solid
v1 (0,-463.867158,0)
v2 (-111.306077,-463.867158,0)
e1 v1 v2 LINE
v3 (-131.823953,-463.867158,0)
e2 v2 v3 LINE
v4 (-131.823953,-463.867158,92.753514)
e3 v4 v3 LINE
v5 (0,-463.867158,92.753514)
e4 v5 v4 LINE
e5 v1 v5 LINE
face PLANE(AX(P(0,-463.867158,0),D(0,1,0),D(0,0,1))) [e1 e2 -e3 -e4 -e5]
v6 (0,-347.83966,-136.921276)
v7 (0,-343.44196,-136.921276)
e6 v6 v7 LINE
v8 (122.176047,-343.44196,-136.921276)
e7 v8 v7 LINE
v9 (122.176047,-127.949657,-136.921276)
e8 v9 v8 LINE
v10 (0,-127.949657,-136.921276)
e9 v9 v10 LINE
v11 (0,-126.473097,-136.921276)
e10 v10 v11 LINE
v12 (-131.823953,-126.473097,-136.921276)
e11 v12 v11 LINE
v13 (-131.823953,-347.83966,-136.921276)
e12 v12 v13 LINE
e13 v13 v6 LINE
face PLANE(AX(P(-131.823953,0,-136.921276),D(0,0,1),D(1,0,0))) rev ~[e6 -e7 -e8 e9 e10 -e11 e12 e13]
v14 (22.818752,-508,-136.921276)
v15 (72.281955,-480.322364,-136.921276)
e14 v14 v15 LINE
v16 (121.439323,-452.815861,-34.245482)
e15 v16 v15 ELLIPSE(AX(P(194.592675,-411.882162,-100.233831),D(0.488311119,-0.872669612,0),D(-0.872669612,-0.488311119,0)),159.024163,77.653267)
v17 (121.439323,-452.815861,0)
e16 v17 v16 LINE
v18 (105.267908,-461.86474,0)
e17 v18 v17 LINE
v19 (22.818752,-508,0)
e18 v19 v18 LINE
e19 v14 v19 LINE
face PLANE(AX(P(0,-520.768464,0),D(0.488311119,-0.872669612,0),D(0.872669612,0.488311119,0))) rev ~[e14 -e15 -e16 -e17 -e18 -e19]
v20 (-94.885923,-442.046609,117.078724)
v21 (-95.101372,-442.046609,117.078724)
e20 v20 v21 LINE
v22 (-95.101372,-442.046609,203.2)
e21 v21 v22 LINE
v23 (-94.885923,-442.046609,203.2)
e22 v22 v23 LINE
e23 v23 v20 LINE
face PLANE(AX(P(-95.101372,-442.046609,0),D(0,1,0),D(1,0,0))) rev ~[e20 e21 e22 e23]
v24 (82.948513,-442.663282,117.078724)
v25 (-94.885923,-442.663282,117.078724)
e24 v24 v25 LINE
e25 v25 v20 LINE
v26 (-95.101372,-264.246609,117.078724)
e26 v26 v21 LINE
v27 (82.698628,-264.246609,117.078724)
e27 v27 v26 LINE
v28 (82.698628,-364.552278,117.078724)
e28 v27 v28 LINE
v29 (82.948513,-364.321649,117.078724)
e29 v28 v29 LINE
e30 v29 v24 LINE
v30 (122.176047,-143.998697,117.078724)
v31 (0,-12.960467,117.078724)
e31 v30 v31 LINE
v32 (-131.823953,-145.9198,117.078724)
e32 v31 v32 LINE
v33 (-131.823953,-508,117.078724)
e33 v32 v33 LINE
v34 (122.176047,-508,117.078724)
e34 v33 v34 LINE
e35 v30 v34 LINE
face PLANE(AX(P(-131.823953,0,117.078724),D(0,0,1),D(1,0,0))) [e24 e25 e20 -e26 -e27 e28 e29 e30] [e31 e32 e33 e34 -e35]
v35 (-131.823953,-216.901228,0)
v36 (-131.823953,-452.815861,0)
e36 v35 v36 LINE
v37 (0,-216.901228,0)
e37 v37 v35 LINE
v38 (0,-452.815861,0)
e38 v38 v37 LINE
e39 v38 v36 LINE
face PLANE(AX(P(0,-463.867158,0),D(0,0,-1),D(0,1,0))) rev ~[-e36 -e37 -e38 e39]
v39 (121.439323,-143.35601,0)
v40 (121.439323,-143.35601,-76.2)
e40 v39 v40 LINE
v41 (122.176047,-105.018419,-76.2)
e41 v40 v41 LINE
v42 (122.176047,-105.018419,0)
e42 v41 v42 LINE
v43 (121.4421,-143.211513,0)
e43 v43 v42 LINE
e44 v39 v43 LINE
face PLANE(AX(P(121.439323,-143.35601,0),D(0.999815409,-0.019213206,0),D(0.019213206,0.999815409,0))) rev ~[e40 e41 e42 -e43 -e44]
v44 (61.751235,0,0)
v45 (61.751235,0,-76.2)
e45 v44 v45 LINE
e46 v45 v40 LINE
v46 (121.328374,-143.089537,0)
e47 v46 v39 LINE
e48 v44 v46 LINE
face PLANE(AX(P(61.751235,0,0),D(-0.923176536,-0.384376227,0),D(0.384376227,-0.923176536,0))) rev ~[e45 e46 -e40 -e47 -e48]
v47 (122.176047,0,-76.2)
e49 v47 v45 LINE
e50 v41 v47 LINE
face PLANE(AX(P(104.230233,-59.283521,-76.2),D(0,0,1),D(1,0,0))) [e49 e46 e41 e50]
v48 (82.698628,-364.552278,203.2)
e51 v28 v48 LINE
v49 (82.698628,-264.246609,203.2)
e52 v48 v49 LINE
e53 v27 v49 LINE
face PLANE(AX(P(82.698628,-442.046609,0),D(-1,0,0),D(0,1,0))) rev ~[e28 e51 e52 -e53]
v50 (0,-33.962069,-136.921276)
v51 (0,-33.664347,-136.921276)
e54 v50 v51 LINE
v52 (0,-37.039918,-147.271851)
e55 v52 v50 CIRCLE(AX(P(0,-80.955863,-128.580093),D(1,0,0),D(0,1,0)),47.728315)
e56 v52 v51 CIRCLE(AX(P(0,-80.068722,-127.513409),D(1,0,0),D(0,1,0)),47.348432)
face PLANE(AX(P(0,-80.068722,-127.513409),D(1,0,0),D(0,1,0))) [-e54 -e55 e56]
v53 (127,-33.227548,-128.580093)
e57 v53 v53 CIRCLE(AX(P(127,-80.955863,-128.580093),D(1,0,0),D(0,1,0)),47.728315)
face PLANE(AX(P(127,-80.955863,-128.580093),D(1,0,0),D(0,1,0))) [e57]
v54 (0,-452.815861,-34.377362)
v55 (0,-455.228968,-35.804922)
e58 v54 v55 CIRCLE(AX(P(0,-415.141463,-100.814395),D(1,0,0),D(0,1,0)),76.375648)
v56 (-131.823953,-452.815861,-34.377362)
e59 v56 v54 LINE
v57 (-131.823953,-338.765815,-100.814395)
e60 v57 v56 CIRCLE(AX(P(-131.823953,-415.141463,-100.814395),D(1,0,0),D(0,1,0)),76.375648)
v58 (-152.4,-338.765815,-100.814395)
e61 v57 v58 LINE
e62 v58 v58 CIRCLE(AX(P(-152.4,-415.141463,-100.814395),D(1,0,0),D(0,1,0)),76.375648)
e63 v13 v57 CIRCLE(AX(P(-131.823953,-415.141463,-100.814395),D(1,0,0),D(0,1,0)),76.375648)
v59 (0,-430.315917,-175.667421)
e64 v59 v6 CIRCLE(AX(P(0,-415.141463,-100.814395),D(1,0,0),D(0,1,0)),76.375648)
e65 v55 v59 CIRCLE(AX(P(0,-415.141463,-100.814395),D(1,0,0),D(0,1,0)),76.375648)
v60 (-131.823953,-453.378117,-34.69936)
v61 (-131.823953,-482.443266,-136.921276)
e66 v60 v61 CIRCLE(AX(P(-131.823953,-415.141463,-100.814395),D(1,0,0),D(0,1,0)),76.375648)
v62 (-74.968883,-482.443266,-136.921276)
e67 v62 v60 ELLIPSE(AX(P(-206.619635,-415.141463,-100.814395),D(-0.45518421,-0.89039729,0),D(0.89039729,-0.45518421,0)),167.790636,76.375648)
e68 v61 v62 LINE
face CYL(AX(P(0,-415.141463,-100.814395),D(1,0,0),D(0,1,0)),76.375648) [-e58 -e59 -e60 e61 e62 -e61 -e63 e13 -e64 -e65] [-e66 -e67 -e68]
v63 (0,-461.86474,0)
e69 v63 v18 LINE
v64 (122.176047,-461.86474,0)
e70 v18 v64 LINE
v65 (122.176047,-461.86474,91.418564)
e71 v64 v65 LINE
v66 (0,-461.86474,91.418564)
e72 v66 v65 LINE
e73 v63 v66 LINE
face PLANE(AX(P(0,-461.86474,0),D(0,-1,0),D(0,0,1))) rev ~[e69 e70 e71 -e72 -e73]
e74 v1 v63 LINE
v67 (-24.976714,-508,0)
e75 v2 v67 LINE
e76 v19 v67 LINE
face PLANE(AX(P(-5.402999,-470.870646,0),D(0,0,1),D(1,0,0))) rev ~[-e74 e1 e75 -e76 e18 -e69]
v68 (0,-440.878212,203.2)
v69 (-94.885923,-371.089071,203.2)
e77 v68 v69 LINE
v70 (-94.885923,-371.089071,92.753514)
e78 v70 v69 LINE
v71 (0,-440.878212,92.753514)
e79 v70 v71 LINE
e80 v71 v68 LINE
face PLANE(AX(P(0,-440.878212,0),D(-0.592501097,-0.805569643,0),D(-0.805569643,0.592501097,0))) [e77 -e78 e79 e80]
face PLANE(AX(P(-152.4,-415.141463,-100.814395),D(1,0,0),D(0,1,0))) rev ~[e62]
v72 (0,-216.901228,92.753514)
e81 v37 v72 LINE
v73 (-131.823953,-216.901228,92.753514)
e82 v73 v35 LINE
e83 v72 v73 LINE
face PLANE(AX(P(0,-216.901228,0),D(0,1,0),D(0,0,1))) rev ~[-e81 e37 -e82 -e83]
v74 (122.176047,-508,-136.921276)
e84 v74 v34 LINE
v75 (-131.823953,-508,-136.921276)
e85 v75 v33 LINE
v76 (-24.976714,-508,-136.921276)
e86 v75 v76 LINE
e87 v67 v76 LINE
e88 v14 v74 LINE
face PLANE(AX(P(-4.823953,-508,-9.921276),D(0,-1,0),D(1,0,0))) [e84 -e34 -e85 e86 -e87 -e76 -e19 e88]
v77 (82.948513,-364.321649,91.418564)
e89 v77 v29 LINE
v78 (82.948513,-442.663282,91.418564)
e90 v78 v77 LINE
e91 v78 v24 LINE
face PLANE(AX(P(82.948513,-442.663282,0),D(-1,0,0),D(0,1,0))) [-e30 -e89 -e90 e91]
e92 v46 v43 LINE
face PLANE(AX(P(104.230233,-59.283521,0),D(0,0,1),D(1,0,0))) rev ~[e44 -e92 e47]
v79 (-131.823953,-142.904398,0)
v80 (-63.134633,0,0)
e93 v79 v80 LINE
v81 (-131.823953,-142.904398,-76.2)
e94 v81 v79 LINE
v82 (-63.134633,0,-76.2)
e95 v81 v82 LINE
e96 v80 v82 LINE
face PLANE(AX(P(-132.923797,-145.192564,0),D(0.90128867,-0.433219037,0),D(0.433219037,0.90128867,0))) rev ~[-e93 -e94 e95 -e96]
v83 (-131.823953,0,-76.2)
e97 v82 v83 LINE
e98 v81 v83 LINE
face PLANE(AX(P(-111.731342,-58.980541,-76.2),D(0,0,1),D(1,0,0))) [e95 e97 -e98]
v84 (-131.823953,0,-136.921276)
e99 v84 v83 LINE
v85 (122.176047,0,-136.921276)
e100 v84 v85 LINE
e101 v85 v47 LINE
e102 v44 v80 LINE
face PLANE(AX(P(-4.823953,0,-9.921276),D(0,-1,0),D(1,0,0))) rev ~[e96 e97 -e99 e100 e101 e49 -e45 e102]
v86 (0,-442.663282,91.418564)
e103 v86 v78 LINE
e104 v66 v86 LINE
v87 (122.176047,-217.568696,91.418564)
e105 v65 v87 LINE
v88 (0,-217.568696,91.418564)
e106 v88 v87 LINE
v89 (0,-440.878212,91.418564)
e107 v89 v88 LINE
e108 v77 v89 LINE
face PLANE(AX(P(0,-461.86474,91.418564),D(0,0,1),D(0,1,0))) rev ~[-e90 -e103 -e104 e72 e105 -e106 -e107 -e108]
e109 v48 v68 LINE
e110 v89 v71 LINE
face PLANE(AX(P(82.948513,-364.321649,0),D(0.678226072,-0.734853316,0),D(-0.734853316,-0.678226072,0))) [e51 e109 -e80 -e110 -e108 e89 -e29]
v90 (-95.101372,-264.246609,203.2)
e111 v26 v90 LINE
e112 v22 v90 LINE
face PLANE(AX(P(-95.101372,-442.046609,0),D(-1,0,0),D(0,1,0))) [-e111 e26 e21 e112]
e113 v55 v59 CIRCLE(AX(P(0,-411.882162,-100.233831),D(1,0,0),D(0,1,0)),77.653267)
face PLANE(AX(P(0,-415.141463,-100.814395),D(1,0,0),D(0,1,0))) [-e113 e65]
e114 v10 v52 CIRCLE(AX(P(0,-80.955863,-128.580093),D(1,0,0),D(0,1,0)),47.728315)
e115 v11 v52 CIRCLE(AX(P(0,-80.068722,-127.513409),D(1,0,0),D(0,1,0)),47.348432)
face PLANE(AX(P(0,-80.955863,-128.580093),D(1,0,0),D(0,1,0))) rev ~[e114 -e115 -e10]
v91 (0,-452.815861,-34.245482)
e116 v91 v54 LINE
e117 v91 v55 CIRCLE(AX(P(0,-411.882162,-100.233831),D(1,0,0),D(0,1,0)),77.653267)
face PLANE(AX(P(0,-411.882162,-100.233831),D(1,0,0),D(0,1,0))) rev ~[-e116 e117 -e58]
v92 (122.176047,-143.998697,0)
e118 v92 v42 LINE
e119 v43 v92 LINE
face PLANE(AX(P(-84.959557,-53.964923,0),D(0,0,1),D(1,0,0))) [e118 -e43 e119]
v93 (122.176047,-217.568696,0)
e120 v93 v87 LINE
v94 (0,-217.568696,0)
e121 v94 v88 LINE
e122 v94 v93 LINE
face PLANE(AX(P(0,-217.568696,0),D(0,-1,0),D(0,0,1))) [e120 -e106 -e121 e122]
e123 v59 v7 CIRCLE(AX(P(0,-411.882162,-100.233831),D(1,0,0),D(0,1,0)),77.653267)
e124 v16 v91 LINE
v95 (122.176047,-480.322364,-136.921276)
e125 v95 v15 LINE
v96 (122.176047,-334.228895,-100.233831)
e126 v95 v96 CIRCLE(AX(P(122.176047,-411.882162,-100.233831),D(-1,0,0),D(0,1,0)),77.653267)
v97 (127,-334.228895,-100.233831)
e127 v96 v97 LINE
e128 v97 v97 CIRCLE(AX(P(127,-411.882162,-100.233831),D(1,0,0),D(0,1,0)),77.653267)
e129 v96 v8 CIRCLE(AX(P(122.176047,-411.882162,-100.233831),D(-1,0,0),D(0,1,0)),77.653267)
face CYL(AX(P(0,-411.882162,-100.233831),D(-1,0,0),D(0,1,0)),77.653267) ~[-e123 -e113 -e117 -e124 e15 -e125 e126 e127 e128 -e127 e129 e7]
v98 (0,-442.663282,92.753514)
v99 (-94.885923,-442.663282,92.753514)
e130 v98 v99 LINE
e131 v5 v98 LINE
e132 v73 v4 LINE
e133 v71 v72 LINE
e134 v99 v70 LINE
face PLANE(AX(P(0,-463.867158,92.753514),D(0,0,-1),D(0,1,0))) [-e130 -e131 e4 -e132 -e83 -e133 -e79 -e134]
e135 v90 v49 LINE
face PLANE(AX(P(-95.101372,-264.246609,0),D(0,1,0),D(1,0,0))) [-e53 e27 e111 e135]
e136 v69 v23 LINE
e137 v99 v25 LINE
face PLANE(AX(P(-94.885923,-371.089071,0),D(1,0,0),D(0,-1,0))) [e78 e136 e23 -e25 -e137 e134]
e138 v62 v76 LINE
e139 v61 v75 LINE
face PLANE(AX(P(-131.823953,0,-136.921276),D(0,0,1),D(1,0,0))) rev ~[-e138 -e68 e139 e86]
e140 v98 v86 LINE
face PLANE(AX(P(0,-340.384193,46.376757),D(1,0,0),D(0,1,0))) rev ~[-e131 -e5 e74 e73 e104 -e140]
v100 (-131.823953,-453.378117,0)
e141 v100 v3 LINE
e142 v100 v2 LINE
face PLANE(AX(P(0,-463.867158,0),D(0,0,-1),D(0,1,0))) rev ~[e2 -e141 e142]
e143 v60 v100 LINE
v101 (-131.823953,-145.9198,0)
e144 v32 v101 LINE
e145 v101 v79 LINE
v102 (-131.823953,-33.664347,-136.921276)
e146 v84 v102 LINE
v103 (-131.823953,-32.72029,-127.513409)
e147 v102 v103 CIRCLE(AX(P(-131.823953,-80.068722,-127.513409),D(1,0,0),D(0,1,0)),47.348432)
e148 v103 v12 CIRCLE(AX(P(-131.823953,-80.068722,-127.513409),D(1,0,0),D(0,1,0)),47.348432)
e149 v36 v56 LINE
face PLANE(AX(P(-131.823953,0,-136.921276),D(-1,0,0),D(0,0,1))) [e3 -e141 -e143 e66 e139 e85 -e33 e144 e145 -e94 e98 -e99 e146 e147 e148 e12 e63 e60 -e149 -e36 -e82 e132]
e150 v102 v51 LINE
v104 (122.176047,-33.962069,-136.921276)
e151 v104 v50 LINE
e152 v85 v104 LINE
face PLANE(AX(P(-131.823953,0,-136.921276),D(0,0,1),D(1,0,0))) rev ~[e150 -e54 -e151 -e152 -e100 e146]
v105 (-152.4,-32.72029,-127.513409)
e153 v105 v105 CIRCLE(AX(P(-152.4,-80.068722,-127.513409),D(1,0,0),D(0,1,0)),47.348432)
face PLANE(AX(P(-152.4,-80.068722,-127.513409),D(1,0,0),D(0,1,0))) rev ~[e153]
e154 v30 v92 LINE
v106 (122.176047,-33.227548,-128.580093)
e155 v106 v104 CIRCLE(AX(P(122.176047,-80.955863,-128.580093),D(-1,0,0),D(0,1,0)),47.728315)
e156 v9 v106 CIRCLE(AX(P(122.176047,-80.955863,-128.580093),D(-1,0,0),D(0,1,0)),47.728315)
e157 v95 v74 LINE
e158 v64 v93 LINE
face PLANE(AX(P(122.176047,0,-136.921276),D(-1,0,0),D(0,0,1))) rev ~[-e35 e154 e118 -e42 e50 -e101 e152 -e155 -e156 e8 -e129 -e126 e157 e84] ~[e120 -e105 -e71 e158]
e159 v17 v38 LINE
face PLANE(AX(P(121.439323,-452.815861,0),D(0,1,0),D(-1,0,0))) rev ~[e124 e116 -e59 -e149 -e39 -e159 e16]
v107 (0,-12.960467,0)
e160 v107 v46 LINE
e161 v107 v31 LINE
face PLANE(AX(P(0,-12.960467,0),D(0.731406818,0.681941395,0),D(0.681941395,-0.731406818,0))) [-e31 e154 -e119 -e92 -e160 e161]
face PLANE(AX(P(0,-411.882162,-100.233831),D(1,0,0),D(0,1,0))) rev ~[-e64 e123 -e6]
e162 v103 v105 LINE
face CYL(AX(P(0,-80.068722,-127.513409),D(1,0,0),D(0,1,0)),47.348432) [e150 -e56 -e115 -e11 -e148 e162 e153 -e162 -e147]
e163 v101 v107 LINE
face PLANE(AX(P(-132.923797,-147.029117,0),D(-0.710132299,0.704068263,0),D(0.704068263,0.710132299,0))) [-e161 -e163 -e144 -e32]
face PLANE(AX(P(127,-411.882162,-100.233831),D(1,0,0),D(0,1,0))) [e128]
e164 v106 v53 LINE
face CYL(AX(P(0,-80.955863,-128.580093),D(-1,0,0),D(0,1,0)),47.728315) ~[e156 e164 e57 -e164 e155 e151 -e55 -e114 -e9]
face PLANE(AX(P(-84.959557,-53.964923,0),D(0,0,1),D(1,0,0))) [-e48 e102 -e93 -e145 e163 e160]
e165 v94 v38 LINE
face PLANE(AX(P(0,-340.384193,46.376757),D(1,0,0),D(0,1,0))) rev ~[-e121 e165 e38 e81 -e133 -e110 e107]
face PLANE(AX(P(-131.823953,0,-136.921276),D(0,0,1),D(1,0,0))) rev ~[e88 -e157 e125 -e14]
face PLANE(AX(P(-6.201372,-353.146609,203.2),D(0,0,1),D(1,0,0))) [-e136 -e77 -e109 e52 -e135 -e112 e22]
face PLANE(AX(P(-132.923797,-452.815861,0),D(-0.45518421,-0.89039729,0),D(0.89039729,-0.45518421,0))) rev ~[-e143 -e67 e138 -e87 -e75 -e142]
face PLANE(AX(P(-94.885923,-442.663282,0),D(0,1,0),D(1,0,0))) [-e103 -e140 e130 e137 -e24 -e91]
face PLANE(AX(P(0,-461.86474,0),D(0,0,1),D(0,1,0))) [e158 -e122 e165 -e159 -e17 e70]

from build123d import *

# Parameters (mm, degrees)
F0_W      = 254
F0_H      = 254
F1_DEPTH  = 508
F2_W      = 177.8
F2_H      = 177.8
F3_DEPTH  = 203.2
F5_DEPTH  = 127
F7_DEPTH  = 76.2
F9_DEPTH  = 254
F10_R     = 77.653267
F10_R_2   = 47.728315
F11_DEPTH = 127
F12_R     = 76.375648
F12_R_2   = 47.348432
F13_DEPTH = 152.4
F15_DEPTH = 203.2
F16_W     = 246.96593
F16_H     = 92.753515
F17_DEPTH = 152.4
F18_W     = 244.296044
F18_H     = 91.418564
F19_DEPTH = 152.4


with BuildPart() as f1:
    # F0 (on Front) → F1 (new body)
    with BuildSketch(Plane.XZ):
        with Locations((-4.823953, -9.921276)):
            Rectangle(F0_W, F0_H)
    extrude(amount=F1_DEPTH)

    # F2 (on Top) → F3 (join)
    with BuildSketch(Plane.XY):
        with Locations((-6.201372, -353.146609)):
            Rectangle(F2_W, F2_H)
    extrude(amount=F3_DEPTH)

    # F4 (on Top) → F5 (cut)
    with BuildSketch(Plane.XY):
        Polygon((-132.923797, -147.029117), (0, -12.960467), (0, 0), (-132.923797, 0), align=None)
        Polygon((0, 0), (0, -12.960467), (123.286948, -145.190179), (123.275883, 0), align=None)
    extrude(amount=F5_DEPTH, mode=Mode.SUBTRACT)

    # F6 (on Top) → F7 (cut)
    with BuildSketch(Plane.XY):
        Polygon((-132.923797, -145.192564), (-63.134633, 0), (-133.842081, 0), align=None)
        Polygon((61.751235, 0), (121.439323, -143.35601), (124.19416, 0), align=None)
    extrude(amount=-F7_DEPTH, mode=Mode.SUBTRACT)

    # F8 (on Top) → F9 (cut)
    with BuildSketch(Plane.XY):
        Polygon((121.439323, -452.815861), (-132.923797, -452.815861), (0, -520.768464), align=None)
    extrude(amount=-F9_DEPTH, mode=Mode.SUBTRACT)

    # F10 (on Right) → F11 (join)
    with BuildSketch(Plane.YZ):
        with Locations((-411.882162, -100.233831)):
            Circle(F10_R)
        with Locations((-80.955863, -128.580093)):
            Circle(F10_R_2)
    extrude(amount=F11_DEPTH)

    # F12 (on Right) → F13 (join)
    with BuildSketch(Plane.YZ):
        with Locations((-415.141463, -100.814395)):
            Circle(F12_R)
        with Locations((-80.068722, -127.513409)):
            Circle(F12_R_2)
    extrude(amount=-F13_DEPTH)

    # F14 (on Top) → F15 (cut)
    with BuildSketch(Plane.XY):
        Polygon((0, -440.878212), (-94.885923, -371.089071), (-94.885923, -442.663282), (82.948513, -442.663282), (82.948513, -364.321649), align=None)
    extrude(amount=F15_DEPTH, mode=Mode.SUBTRACT)

    # F16 (on Right) → F17 (cut)
    with BuildSketch(Plane.YZ):
        with Locations((-340.384193, 46.376757)):
            Rectangle(F16_W, F16_H)
    extrude(amount=-F17_DEPTH, mode=Mode.SUBTRACT)

    # F18 (on Right) → F19 (cut)
    with BuildSketch(Plane.YZ):
        with Locations((-339.716718, 45.709282)):
            Rectangle(F18_W, F18_H)
    extrude(amount=F19_DEPTH, mode=Mode.SUBTRACT)


solid = f1.part
